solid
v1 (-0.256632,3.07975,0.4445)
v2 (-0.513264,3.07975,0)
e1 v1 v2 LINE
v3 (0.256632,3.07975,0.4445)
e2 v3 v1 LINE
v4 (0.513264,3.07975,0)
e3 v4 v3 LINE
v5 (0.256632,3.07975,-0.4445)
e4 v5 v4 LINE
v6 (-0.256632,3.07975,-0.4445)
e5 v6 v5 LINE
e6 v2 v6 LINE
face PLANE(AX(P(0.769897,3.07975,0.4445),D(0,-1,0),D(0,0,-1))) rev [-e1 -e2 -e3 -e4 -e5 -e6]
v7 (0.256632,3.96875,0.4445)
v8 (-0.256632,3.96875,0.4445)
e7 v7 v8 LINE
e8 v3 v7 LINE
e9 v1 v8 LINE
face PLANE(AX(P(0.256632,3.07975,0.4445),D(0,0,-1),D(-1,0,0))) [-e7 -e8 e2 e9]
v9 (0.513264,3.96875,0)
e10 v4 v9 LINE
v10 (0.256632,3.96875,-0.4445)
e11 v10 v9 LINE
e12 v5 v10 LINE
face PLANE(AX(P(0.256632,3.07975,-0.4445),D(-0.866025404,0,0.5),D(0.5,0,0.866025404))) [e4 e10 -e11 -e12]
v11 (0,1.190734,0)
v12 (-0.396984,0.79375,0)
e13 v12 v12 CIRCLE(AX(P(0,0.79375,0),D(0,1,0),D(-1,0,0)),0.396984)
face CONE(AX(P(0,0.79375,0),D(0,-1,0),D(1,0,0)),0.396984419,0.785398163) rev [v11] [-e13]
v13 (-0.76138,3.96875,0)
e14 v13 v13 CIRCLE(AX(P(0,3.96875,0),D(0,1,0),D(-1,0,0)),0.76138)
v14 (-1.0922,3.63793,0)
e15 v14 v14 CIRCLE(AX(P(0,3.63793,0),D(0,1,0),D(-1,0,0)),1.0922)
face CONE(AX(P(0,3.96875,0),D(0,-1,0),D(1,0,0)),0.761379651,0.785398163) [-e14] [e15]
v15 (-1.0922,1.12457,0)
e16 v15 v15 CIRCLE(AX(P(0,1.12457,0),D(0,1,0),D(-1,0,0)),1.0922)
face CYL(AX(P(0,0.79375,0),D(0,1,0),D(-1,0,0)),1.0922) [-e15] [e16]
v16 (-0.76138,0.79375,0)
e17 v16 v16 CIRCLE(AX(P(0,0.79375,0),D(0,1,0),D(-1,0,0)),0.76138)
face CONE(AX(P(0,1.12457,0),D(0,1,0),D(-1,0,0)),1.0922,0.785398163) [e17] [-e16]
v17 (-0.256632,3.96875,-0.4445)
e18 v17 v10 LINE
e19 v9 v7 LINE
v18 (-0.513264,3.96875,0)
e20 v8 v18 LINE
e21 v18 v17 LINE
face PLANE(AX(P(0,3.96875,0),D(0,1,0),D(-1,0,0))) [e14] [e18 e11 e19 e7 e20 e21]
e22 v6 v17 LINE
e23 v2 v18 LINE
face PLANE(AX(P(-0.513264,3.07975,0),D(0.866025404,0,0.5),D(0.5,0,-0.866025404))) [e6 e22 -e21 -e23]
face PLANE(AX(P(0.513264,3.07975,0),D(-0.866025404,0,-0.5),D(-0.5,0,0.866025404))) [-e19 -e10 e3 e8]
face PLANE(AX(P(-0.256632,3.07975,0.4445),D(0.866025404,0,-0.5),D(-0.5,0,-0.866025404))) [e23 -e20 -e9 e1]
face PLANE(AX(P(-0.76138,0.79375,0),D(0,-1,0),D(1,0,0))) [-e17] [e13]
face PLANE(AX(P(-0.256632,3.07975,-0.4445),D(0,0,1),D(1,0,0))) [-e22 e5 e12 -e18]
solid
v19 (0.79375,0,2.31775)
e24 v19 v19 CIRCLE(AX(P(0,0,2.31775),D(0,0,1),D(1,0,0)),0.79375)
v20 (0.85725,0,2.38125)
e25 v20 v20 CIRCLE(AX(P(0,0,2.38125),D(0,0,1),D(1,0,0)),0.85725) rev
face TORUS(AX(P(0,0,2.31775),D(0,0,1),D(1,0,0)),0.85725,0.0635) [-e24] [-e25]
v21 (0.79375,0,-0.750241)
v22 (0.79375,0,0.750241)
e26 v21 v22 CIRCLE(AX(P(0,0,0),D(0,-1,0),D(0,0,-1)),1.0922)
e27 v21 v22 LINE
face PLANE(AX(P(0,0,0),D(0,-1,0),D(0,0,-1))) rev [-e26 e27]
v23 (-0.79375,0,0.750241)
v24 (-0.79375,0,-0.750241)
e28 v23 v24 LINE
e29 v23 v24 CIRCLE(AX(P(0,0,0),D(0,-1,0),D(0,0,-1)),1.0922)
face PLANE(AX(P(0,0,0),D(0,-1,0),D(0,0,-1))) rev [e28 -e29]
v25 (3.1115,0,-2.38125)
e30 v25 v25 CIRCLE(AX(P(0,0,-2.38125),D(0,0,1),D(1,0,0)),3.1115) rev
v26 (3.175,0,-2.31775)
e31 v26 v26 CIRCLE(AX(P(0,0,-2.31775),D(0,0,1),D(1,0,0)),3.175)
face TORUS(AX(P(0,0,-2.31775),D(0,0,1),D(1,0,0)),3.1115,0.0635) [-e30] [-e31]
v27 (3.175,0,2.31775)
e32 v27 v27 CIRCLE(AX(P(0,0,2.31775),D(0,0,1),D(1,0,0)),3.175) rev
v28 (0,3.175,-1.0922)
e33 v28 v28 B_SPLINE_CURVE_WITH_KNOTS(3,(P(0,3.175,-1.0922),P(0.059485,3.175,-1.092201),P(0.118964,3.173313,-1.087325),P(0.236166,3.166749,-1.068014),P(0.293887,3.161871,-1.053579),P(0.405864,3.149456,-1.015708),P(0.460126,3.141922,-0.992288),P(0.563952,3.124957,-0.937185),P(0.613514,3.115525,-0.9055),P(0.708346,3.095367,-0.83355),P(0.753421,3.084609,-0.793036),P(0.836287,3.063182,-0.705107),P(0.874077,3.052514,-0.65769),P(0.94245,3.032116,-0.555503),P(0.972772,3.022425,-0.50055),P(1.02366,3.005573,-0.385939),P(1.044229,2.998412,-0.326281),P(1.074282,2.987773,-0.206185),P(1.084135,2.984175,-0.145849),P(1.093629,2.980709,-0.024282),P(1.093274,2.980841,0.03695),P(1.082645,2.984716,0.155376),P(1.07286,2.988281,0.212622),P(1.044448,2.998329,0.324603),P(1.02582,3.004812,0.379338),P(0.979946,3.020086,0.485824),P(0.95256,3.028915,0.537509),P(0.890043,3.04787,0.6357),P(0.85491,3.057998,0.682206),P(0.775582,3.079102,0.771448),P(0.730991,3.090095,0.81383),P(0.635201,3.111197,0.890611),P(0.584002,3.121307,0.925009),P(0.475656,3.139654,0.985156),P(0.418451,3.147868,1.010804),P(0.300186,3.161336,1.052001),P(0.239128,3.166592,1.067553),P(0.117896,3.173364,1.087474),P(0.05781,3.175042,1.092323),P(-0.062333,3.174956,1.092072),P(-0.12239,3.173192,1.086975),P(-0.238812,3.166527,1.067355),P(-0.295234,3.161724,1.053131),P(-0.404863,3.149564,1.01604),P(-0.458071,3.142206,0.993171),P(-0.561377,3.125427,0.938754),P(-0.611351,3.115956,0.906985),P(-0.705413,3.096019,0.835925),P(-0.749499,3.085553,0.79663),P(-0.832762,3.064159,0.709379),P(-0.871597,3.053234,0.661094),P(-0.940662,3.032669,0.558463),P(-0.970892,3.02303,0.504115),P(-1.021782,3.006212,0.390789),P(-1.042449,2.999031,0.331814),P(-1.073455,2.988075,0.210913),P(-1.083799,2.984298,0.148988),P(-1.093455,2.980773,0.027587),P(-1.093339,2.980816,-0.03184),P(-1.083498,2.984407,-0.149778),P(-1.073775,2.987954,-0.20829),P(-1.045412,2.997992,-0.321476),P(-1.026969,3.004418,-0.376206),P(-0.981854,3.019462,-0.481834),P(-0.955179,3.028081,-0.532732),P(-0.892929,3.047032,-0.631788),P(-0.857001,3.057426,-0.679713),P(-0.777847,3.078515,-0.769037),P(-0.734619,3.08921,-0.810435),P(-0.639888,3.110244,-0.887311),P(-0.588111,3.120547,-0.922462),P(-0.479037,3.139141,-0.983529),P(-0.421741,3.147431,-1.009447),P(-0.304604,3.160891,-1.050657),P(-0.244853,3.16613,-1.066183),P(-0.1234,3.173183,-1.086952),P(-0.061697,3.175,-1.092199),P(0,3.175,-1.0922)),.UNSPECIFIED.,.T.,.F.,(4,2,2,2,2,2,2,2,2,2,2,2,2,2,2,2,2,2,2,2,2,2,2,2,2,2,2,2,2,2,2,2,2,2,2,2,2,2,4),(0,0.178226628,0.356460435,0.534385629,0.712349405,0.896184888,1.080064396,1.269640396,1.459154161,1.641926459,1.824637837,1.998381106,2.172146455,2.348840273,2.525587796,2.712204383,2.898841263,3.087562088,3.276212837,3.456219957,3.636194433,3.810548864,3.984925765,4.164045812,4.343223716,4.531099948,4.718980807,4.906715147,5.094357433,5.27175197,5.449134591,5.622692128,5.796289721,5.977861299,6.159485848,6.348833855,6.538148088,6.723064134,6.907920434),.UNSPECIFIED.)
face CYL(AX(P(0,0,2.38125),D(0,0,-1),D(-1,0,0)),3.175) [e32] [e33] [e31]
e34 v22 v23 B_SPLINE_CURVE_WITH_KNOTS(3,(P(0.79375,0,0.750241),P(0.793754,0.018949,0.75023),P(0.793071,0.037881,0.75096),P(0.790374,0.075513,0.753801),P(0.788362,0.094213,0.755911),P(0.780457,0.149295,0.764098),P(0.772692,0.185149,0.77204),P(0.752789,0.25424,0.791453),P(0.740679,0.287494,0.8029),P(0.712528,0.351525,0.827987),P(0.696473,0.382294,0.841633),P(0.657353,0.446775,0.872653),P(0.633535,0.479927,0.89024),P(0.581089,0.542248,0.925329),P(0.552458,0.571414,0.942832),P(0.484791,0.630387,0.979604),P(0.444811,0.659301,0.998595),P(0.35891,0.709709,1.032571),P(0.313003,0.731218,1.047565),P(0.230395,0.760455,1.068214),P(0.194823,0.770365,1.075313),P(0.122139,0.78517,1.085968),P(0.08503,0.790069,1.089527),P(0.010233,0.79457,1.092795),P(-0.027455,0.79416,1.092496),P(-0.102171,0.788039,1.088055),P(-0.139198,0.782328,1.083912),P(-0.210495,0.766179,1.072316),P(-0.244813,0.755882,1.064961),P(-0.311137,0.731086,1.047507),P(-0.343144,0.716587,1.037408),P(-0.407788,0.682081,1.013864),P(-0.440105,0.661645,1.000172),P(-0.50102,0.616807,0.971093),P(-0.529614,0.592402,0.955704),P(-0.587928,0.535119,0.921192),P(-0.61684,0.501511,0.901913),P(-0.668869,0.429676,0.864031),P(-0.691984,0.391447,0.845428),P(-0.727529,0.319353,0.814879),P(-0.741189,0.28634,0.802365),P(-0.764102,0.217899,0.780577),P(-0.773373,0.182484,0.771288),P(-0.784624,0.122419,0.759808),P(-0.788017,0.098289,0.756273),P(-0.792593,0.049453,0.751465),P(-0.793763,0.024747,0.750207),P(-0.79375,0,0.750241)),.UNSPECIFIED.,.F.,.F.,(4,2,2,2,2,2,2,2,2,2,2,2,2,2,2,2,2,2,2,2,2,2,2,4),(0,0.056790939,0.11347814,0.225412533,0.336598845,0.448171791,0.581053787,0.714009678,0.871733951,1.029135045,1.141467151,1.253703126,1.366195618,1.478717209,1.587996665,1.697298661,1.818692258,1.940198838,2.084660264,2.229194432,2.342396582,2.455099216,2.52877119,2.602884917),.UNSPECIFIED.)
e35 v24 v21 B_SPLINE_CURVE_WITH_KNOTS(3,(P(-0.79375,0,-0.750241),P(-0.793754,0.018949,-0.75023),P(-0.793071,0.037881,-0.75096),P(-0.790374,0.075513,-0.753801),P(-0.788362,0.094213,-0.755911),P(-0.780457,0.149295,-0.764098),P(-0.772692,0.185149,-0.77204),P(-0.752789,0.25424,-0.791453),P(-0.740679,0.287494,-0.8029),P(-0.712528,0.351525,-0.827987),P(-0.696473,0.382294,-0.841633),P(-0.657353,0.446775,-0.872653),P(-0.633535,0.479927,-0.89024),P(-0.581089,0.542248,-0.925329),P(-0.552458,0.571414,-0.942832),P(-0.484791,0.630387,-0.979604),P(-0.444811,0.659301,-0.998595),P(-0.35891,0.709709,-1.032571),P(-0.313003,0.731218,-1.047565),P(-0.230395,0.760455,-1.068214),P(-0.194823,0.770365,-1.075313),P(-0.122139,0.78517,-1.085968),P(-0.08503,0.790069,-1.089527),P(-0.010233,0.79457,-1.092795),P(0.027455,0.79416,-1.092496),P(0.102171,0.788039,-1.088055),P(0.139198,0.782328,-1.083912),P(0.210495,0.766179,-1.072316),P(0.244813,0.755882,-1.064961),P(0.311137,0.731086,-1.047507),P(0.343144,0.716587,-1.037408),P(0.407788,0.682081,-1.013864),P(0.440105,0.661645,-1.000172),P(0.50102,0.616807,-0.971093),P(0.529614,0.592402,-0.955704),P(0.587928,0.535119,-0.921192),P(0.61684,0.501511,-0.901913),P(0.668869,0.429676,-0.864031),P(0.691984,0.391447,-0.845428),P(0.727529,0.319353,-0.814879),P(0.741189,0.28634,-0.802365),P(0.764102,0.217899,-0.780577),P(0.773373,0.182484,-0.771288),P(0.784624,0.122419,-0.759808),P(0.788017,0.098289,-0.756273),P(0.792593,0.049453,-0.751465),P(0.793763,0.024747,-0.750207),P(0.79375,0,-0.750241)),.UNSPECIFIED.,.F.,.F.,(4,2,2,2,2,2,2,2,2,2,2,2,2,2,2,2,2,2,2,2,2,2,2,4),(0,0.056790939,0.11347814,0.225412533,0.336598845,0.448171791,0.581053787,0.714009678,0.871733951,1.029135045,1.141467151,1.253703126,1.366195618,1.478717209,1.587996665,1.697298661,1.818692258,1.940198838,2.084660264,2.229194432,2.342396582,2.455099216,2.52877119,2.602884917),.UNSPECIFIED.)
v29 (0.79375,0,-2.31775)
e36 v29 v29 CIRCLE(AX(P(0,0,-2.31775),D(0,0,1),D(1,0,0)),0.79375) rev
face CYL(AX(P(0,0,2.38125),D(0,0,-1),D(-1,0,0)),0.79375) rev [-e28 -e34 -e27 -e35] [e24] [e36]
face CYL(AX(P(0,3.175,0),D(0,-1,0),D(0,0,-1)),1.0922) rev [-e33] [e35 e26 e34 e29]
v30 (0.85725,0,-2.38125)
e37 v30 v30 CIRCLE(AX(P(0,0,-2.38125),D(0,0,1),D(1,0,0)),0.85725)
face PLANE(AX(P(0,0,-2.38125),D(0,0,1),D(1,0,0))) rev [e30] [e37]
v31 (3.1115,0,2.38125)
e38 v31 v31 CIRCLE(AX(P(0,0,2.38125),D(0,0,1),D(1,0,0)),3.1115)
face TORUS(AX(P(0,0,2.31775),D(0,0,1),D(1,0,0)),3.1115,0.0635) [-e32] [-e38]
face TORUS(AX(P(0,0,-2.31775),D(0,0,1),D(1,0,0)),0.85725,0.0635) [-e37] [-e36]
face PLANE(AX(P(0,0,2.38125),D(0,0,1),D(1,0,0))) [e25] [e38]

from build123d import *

# Parameters (mm, degrees)
SKETCH1_R          = 3.175
SKETCH1_R_2        = 0.79375
EXTRUDE1_DEPTH     = 2.38125
SKETCH2_R          = 1.0922
CUT_EXTRUDE1_DEPTH = 45.62682463
FILLET1_R          = 0.0635
CUT_EXTRUDE2_DEPTH = 0.889


with BuildPart() as part:
    # Sketch1 → Extrude1 (new, symmetric)
    with BuildSketch(Plane.XY):
        with Locations(Location((0, 0, 0), (0, 0, 180))):
            Circle(SKETCH1_R)
        with Locations(Location((0, 0, 0), (0, 0, 180))):
            Circle(SKETCH1_R_2, mode=Mode.SUBTRACT)
    extrude(amount=EXTRUDE1_DEPTH, both=True)

    # Sketch2 → Cut-Extrude1 (cut, through all)
    with BuildSketch(Plane(origin=(41.275, 0, 0), x_dir=(0, 0, -1), z_dir=(0, -1, 0))):
        with Locations((0, -41.275)):
            Circle(SKETCH2_R)
    extrude(amount=-CUT_EXTRUDE1_DEPTH, mode=Mode.SUBTRACT)

    # Fillet1
    fillet1_edges = [part.edges().sort_by_distance(p)[0] for p in [
        (3.175, 0, -2.38125),
        (3.175, 0, 2.38125),
        (0.79375, 0, -2.38125),
        (0.79375, 0, 2.38125),
    ]]
    fillet(fillet1_edges, radius=FILLET1_R)


with BuildPart() as body_2:
    # Sketch3 → Revolve1 (revolve)
    with BuildSketch(Plane.XY):
        Polygon((-0.761379651, 0.79375), (-0.396984419, 0.79375), (0, 1.190734419), (0, 3.96875), (-0.761379651, 3.96875), (-1.0922, 3.637929651), (-1.0922, 1.124570349), align=None)
    revolve(axis=Axis((0, 0.79375, 0), (0, -1, 0)))

    # Sketch4 → Cut-Extrude2 (cut)
    with BuildSketch(Plane(origin=(3.3734375, 3.96875, 0), x_dir=(0, 0, -1), z_dir=(0, -1, 0))):
        Polygon((0, -2.860173111), (-0.4445, -3.116805305), (-0.4445, -3.630069695), (0, -3.886701889), (0.4445, -3.630069695), (0.4445, -3.116805305), align=None)
    extrude(amount=CUT_EXTRUDE2_DEPTH, mode=Mode.SUBTRACT)


solid = Compound([part.part, body_2.part])
